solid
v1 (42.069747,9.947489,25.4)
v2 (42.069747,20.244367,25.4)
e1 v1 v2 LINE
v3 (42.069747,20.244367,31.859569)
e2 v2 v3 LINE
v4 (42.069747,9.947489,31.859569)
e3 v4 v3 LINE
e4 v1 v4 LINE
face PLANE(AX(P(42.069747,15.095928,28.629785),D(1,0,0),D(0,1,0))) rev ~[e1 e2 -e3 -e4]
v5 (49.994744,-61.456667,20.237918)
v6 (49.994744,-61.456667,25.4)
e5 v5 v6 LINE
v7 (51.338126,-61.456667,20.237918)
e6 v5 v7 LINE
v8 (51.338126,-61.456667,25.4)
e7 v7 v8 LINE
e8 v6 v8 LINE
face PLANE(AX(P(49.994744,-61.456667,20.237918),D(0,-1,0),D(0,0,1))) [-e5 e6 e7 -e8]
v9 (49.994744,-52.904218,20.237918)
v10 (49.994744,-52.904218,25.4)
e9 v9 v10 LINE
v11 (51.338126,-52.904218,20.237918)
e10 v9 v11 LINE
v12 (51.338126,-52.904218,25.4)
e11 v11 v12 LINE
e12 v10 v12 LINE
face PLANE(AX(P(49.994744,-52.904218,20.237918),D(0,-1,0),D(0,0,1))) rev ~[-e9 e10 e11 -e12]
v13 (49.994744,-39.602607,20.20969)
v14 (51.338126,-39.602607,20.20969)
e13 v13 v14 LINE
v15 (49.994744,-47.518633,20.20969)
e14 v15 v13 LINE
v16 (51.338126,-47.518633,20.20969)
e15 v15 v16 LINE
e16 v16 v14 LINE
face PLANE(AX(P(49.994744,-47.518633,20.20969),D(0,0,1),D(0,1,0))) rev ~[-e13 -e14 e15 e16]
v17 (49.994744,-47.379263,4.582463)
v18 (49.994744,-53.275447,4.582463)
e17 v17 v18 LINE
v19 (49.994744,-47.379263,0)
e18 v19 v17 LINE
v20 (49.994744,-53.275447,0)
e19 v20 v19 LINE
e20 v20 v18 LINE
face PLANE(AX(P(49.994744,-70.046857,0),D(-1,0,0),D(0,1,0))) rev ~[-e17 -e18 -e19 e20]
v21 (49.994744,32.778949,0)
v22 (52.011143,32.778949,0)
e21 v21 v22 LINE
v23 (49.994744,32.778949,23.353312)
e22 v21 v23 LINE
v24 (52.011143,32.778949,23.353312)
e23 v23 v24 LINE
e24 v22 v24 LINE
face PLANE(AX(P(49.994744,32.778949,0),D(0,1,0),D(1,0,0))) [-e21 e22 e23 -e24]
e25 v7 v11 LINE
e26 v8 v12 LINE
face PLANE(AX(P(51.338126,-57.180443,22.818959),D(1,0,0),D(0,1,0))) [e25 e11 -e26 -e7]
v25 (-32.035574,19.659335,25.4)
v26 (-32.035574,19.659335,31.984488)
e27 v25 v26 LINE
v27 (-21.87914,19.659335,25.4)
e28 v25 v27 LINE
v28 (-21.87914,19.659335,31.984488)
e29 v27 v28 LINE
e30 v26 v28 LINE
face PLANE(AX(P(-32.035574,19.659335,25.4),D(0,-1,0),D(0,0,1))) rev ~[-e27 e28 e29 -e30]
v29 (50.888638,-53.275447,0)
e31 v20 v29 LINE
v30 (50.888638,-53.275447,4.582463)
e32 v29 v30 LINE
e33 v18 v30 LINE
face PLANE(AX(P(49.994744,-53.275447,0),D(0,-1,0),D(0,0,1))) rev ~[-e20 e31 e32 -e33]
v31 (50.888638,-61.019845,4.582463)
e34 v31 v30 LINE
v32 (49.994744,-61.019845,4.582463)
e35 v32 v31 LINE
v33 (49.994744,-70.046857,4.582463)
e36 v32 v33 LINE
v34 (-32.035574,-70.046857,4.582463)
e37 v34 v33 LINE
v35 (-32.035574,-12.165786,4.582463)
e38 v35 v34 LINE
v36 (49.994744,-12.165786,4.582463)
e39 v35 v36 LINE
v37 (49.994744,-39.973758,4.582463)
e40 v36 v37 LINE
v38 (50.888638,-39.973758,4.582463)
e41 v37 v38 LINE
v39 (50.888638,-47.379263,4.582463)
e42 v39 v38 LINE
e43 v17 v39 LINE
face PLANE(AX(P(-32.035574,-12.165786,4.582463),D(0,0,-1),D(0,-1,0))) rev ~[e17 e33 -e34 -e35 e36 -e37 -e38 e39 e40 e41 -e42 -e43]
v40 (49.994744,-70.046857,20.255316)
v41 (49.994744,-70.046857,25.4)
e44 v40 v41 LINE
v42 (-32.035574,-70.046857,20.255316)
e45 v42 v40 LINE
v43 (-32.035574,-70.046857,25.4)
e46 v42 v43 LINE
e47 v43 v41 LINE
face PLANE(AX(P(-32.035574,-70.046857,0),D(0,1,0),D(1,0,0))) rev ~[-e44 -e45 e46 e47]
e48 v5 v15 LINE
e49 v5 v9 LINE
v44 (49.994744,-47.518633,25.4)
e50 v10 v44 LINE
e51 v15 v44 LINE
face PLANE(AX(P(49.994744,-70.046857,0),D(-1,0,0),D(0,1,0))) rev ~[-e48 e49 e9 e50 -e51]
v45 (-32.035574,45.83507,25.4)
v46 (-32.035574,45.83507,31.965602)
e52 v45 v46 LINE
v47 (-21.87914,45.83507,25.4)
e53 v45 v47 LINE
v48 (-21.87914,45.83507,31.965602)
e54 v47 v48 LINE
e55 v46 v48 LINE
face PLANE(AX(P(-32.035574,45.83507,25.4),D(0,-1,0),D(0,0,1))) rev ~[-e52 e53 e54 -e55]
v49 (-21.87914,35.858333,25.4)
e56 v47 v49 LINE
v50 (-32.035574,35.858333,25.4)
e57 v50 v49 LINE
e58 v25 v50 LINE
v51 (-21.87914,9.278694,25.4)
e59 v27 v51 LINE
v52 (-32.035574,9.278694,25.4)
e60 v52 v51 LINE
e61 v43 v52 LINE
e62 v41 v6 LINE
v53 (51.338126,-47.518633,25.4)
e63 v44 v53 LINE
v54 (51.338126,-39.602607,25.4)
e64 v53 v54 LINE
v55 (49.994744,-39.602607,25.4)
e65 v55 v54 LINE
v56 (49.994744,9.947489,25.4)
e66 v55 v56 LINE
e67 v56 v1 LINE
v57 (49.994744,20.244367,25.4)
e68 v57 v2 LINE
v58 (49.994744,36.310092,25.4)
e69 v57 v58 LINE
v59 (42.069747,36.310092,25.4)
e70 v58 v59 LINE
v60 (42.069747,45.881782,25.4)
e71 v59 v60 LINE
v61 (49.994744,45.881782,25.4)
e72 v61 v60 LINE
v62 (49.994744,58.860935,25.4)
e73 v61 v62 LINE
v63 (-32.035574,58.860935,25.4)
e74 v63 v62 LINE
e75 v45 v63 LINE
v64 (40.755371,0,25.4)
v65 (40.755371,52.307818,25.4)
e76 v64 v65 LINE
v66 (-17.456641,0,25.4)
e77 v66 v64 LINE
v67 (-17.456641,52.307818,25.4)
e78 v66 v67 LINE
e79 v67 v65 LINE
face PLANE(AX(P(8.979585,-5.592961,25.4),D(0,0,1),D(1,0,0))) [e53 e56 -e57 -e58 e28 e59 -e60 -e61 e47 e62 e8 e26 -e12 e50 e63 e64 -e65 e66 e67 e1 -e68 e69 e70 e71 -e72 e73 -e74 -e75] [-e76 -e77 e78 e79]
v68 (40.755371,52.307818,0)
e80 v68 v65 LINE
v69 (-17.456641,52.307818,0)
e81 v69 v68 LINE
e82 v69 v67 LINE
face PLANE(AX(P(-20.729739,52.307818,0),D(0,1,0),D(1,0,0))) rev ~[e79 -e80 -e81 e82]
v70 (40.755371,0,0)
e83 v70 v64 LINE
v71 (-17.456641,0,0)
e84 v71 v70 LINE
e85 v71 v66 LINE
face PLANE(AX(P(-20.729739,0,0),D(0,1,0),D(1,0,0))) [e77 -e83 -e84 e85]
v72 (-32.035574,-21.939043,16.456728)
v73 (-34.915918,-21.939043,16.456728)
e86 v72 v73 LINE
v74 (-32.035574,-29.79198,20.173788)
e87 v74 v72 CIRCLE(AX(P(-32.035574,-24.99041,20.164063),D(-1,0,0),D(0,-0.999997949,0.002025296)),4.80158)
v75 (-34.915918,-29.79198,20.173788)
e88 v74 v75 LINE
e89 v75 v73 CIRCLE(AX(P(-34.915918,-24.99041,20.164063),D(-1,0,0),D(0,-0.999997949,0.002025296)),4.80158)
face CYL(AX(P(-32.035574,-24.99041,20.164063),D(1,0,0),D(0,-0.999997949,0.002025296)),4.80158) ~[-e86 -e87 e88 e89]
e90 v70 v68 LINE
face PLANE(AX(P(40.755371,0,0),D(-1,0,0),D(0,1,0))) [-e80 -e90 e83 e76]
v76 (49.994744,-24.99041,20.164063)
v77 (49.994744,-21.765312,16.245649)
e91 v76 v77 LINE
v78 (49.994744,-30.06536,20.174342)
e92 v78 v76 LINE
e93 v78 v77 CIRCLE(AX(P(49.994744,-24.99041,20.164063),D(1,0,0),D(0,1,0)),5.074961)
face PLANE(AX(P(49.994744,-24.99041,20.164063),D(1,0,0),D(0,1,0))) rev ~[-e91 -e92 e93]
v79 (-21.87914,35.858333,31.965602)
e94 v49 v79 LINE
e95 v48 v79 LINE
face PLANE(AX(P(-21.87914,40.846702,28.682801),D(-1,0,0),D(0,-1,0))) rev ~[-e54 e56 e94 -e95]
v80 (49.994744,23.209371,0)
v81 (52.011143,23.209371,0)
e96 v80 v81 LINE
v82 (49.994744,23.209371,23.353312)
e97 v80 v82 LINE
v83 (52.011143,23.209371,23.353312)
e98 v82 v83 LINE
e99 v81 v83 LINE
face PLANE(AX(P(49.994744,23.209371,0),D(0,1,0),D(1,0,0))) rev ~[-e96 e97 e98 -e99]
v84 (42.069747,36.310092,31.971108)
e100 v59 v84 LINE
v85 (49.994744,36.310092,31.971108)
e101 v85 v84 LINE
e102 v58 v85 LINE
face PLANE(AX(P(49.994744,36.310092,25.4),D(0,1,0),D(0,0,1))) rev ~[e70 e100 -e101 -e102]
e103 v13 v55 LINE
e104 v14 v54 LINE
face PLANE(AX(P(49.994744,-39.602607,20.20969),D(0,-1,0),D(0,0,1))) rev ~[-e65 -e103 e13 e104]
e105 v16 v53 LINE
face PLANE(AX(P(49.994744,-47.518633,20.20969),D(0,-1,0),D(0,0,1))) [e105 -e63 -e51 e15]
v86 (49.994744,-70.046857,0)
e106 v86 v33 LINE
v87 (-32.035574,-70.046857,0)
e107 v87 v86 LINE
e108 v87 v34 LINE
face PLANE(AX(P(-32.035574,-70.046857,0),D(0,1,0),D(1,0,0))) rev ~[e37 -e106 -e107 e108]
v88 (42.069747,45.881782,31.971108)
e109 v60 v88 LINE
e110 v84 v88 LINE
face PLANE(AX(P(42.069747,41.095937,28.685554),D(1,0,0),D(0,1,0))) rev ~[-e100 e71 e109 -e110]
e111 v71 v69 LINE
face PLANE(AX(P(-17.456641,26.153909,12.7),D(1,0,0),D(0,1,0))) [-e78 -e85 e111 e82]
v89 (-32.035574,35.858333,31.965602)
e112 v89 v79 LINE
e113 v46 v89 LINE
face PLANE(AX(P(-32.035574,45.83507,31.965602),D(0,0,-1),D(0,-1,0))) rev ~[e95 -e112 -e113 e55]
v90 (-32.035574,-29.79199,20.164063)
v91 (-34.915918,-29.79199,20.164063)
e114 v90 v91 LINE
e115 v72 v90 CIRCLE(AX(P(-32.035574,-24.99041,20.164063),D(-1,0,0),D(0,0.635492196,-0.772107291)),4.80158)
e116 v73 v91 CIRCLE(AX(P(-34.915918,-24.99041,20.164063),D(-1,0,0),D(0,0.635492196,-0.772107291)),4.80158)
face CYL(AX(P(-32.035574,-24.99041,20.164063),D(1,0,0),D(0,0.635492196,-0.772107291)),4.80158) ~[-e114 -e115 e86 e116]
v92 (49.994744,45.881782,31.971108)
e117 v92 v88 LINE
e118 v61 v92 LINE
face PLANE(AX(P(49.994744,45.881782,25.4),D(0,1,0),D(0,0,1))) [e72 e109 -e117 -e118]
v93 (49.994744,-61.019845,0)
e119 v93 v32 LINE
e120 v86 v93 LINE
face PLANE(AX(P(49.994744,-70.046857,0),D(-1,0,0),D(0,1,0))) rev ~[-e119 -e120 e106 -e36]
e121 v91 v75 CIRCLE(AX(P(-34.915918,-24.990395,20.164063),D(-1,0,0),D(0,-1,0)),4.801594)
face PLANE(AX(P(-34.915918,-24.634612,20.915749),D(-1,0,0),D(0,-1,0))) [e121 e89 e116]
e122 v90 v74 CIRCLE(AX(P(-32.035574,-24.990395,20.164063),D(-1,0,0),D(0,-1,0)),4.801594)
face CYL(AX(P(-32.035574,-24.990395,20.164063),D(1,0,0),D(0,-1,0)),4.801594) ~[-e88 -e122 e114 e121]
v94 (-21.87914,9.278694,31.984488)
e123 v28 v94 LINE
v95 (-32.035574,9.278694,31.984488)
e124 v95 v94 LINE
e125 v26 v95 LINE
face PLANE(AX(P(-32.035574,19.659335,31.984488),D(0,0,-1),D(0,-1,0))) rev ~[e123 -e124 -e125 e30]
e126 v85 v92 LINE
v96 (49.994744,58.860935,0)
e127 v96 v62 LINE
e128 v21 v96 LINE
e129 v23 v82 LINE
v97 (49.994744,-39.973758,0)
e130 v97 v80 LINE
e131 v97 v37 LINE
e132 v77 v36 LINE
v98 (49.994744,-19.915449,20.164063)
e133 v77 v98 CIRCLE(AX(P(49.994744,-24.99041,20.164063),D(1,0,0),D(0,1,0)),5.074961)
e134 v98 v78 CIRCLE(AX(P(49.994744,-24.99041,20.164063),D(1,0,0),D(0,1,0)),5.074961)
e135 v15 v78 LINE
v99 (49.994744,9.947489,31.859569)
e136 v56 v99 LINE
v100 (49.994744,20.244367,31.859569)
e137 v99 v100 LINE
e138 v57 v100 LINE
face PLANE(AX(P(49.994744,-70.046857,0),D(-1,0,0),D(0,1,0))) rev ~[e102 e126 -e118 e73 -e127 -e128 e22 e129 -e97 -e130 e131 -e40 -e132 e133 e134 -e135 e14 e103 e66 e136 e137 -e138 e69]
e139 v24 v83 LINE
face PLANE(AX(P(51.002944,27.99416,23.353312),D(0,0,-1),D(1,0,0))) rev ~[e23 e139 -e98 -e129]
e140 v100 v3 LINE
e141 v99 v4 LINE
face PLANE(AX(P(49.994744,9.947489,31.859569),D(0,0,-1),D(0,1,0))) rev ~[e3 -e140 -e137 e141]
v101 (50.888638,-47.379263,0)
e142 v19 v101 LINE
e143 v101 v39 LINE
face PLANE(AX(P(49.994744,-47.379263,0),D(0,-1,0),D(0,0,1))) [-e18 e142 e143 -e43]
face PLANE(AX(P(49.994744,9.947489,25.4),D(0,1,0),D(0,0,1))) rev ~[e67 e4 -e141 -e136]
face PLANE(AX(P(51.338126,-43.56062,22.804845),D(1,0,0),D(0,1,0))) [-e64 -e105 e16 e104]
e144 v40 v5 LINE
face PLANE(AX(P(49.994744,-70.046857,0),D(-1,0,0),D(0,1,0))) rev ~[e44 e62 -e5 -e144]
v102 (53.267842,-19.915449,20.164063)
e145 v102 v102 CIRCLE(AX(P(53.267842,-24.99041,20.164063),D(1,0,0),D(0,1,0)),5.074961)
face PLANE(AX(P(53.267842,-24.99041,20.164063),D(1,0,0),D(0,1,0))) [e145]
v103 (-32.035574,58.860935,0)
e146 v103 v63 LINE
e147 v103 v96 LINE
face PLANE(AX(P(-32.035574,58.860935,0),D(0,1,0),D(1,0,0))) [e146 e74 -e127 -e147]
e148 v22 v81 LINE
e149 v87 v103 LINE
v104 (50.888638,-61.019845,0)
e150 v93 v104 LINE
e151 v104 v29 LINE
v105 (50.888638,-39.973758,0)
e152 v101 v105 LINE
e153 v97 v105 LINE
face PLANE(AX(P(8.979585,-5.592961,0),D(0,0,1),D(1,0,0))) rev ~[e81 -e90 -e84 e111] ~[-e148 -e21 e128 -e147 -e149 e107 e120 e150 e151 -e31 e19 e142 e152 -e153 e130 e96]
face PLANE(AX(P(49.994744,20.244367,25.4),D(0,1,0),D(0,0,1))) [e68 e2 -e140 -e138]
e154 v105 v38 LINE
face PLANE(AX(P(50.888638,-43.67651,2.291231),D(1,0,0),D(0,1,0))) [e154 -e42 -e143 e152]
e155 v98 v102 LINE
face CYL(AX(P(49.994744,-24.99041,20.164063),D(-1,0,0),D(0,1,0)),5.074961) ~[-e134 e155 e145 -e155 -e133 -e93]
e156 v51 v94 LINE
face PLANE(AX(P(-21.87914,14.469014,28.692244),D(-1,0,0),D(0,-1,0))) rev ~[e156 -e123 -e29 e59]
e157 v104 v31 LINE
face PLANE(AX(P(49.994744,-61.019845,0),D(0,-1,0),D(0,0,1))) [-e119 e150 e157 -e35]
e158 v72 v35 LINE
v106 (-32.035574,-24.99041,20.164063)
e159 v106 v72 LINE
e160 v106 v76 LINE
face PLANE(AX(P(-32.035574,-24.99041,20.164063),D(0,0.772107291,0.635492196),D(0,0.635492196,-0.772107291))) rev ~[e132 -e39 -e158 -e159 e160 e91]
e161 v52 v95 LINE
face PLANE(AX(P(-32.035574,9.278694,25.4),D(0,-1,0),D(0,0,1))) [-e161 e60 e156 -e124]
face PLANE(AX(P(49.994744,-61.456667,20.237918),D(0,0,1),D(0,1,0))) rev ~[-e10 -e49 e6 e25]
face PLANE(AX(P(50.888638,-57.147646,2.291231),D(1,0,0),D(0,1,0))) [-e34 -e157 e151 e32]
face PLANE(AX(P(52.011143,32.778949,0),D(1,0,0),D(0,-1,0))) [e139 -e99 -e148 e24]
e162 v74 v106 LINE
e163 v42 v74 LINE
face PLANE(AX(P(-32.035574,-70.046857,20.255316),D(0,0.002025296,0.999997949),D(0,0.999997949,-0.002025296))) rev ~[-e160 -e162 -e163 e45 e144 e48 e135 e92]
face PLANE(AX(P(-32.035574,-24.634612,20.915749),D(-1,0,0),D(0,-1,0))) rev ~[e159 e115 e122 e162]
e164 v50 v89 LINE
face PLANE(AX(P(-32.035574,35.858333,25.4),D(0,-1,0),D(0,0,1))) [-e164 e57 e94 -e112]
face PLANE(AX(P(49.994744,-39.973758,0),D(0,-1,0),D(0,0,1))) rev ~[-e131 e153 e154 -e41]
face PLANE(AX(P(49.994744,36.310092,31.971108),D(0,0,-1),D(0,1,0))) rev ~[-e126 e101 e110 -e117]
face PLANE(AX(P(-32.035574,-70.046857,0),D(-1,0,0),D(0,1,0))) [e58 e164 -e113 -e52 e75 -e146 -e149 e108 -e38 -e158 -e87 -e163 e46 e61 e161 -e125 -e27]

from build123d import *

# Parameters (mm, degrees)
F0_W       = 82.0303186774
F0_H       = 128.9077922702
F0_W_2     = 61.4851098508
F0_H_2     = 52.307818085
F1_DEPTH   = 25.4
F3_DEPTH   = 103.3353582025
F4_W       = 9.9767372012
F4_H       = 6.5656021893
F4_W_2     = 10.380640626
F4_H_2     = 6.5844875485
F5_DEPTH   = 10.1564340293
F6_W       = 10.2968784049
F6_H       = 6.4595692515
F7_W       = 9.5716901124
F7_H       = 6.5711081684
F8_DEPTH   = 7.9249968985
F9_W       = 8.5524487155
F9_H       = 5.1620816675
F9_W_2     = 7.9160258174
F9_H_2     = 5.1903103754
F10_DEPTH  = 1.3433820568
F11_W      = 7.7443979681
F11_H      = 4.5824625995
F11_W_2    = 7.4055045843
F12_DEPTH  = 0.893893186
F14_DEPTH  = 2.8803441674
F15_R      = 5.0749608974
F1_FACE2_W = 52.307818085
F1_FACE2_H = 25.4
F16_DEPTH  = 3.2730977982
F17_W      = 2.0163990557
F17_H      = 9.5695778728
F18_DEPTH  = 23.3533121645


with BuildPart() as f1:
    # F0 (on Top) → F1 (new body)
    with BuildSketch(Plane.XY):
        with Locations((8.9795850217, -5.5929608643)):
            Rectangle(F0_W, F0_H)
        with Locations((10.0128157064, 26.1539090425)):
            Rectangle(F0_W_2, F0_H_2, mode=Mode.SUBTRACT)
    extrude(amount=F1_DEPTH)

    # F2 (on face) → F3 (cut)
    with BuildSketch(Plane(origin=(-32.035574317, 0, 0), x_dir=(0, -1, 0), z_dir=(-1, 0, 0))):
        Polygon((70.0468569994, 4.5824625995), (70.0468569994, 20.2553160489), (24.9904096127, 20.1640632004), (12.1657857671, 4.5824625995), align=None)
    extrude(amount=-F3_DEPTH, mode=Mode.SUBTRACT)

    # F4 (on face) → F5 (join)
    with BuildSketch(Plane(origin=(-32.035574317, 0, 0), x_dir=(0, -1, 0), z_dir=(-1, 0, 0))):
        with Locations((-40.8467017114, 28.6828010947)):
            Rectangle(F4_W, F4_H)
        with Locations((-14.4690144807, 28.6922437742)):
            Rectangle(F4_W_2, F4_H_2)
    extrude(amount=-F5_DEPTH)

    # F6 (on face) + F7 (on face) → F8 (join)
    with BuildSketch(Plane.YZ.offset(49.9947443604)):
        with Locations((15.0959282182, 28.6297846258)):
            Rectangle(F6_W, F6_H)
    with BuildSketch(Plane.YZ.offset(49.9947443604)):
        with Locations((41.0959366709, 28.6855540842)):
            Rectangle(F7_W, F7_H)
    extrude(amount=-F8_DEPTH)

    # F9 (on face) → F10 (join)
    with BuildSketch(Plane.YZ.offset(49.9947443604)):
        with Locations((-57.180442793, 22.8189591662)):
            Rectangle(F9_W, F9_H)
        with Locations((-43.5606203973, 22.8048448123)):
            Rectangle(F9_W_2, F9_H_2)
    extrude(amount=F10_DEPTH)

    # F11 (on face) → F12 (join)
    with BuildSketch(Plane.YZ.offset(49.9947443604)):
        with Locations((-57.1476463228, 2.2912312998)):
            Rectangle(F11_W, F11_H)
        with Locations((-43.6765104532, 2.2912312998)):
            Rectangle(F11_W_2, F11_H)
    extrude(amount=F12_DEPTH)

    # F13 (on face) → F14 (join)
    with BuildSketch(Plane(origin=(-32.035574317, 0, 0), x_dir=(0, -1, 0), z_dir=(-1, 0, 0))):
        with BuildLine():
            Line((24.9904096127, 20.1640632004), (29.7919796658, 20.1737878229))
            ThreePointArc((29.7919796658, 20.1737878229), (22.9361613671, 24.5040209985), (21.9390430586, 16.4567283495))
            Line((21.9390430586, 16.4567283495), (24.9904096127, 20.1640632004))
        make_face()
        with BuildLine():
            ThreePointArc((21.9390430586, 16.4567283495), (27.0402619522, 15.8220273956), (29.7919895134, 20.1640632004))
            ThreePointArc((29.7919895134, 20.1640632004), (29.7919870515, 20.1689255141), (29.7919796658, 20.1737878229))
            Line((29.7919796658, 20.1737878229), (24.9904096127, 20.1640632004))
            Line((24.9904096127, 20.1640632004), (21.9390430586, 16.4567283495))
        make_face()
    extrude(amount=F14_DEPTH)

    # F15 (on face) + F1_face2 (on face) → F16 (join)
    with BuildSketch(Plane.YZ.offset(49.9947443604)):
        with Locations((-24.9904096127, 20.1640632004)):
            Circle(F15_R)
    with BuildSketch(Plane(origin=(-20.729739219, 26.1539090425, 12.7), x_dir=(0, 1, 0), z_dir=(1, 0, 0))):
        Rectangle(F1_FACE2_W, F1_FACE2_H)
    extrude(amount=F16_DEPTH)

    # F17 (on face) → F18 (join)
    with BuildSketch(Plane(origin=(0, 0, 0), x_dir=(1, 0, 0), z_dir=(0, 0, -1))):
        with Locations((51.0029438883, -27.9941596091)):
            Rectangle(F17_W, F17_H)
    extrude(amount=-F18_DEPTH)


solid = f1.part
